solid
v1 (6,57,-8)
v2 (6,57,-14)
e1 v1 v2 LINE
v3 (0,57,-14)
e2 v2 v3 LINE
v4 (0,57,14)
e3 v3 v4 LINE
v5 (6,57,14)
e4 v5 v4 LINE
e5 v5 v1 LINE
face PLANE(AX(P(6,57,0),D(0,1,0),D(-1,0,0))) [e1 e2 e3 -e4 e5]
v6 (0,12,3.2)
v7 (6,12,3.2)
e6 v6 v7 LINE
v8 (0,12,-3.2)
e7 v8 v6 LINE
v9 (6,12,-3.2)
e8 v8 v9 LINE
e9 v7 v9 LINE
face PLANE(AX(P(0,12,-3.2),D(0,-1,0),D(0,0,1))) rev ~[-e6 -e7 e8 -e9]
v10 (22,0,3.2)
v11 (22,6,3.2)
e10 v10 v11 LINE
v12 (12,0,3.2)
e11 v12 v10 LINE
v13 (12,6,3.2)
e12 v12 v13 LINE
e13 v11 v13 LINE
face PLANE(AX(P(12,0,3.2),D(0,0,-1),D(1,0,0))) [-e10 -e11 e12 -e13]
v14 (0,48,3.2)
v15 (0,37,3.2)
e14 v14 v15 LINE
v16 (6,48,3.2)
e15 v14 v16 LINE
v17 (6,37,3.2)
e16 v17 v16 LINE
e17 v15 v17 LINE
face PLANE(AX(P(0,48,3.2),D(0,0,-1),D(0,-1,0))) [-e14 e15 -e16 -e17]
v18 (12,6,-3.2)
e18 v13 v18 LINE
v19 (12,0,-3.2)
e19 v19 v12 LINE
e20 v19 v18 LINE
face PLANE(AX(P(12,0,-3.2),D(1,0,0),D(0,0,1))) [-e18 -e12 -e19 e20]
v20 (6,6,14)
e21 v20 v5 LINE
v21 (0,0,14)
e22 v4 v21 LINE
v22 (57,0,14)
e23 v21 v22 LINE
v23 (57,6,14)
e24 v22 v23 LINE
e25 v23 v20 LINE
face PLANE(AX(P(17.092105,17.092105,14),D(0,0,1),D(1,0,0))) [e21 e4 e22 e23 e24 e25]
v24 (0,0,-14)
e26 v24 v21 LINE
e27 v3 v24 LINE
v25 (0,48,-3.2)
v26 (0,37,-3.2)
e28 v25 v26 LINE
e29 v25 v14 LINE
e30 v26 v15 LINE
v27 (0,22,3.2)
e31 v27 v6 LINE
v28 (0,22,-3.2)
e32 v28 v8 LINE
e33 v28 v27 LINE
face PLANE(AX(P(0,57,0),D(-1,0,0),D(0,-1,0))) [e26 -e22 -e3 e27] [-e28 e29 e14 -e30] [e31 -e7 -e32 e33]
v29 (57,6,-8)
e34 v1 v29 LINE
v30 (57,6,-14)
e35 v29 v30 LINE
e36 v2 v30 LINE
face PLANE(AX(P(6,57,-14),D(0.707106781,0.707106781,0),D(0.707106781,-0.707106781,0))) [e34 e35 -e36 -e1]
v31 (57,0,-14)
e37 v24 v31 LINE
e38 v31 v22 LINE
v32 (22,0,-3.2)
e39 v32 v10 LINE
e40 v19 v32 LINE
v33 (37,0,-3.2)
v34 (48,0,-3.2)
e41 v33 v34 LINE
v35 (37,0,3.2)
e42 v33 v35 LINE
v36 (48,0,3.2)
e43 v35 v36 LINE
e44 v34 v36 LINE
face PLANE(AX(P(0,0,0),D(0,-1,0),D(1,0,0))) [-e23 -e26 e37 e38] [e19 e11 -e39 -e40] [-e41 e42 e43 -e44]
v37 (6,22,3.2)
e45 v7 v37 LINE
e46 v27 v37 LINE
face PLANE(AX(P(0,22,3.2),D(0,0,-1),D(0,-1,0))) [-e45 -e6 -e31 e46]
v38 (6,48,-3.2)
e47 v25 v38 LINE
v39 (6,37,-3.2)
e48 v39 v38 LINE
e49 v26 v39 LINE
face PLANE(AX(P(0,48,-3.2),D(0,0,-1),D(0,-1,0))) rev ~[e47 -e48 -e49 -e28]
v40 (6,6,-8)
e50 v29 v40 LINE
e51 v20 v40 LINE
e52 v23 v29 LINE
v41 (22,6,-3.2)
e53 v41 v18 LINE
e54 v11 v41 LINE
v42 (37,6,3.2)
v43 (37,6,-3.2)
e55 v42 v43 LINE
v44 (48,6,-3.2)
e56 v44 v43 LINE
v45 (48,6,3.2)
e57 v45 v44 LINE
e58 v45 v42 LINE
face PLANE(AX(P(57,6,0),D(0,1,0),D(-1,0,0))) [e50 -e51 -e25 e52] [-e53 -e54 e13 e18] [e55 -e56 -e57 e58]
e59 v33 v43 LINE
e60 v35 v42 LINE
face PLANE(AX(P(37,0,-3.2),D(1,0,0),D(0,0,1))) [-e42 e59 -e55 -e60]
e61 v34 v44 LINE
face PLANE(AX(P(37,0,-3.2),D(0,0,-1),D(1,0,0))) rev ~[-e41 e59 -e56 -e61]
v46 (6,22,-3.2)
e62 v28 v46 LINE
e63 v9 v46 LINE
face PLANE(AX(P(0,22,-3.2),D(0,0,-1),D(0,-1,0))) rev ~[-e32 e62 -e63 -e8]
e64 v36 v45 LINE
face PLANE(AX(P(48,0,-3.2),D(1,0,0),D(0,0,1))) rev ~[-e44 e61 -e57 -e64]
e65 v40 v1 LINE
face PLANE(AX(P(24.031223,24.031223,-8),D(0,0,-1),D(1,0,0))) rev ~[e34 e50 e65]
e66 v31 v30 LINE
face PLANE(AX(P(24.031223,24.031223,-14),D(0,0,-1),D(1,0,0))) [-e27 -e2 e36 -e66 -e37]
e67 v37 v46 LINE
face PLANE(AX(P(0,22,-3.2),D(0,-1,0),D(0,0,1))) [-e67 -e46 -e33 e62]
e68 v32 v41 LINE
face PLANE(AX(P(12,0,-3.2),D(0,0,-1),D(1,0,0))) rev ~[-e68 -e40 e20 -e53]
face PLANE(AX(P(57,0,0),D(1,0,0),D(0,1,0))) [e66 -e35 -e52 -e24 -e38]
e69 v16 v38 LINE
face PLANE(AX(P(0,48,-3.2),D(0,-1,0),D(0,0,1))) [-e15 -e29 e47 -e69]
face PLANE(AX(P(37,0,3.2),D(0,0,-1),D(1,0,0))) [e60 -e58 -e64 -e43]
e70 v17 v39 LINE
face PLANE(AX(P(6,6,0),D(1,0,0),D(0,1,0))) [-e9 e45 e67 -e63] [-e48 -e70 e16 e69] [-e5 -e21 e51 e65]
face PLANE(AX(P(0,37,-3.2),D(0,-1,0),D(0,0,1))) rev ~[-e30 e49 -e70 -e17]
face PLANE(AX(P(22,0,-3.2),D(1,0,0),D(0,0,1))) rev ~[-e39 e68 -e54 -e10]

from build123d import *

# Parameters (mm, degrees)
F1_DEPTH = 14
F2_W     = 10
F2_H     = 6.4
F2_W_2   = 11
F3_DEPTH = 25
F5_DEPTH = 6
F6_W     = 10
F6_H     = 6.4
F6_W_2   = 11
F7_DEPTH = 25


with BuildPart() as f1:
    # F0 (on Top) → F1 (new body, symmetric)
    with BuildSketch(Plane.XY):
        Polygon((6, 57), (0, 57), (0, 0), (57, 0), (57, 6), (6, 6), align=None)
    extrude(amount=F1_DEPTH, both=True)

    # F2 (on face) → F3 (cut)
    with BuildSketch(Plane(origin=(0, 0, 0), x_dir=(0, -1, 0), z_dir=(-1, 0, 0))):
        with Locations((-17, 0)):
            Rectangle(F2_W, F2_H)
        with Locations((-42.5, 0)):
            Rectangle(F2_W_2, F2_H)
    extrude(amount=-F3_DEPTH, mode=Mode.SUBTRACT)

    # F4 (on face) → F5 (join)
    with BuildSketch(Plane(origin=(0, 0, -14), x_dir=(1, 0, 0), z_dir=(0, 0, -1))):
        Polygon((6, -57), (57, -6), (6, -6), align=None)
    extrude(amount=-F5_DEPTH)

    # F6 (on face) → F7 (cut)
    with BuildSketch(Plane.XZ):
        with Locations((17, 0)):
            Rectangle(F6_W, F6_H)
        with Locations((42.5, 0)):
            Rectangle(F6_W_2, F6_H)
    extrude(amount=-F7_DEPTH, mode=Mode.SUBTRACT)


solid = f1.part
